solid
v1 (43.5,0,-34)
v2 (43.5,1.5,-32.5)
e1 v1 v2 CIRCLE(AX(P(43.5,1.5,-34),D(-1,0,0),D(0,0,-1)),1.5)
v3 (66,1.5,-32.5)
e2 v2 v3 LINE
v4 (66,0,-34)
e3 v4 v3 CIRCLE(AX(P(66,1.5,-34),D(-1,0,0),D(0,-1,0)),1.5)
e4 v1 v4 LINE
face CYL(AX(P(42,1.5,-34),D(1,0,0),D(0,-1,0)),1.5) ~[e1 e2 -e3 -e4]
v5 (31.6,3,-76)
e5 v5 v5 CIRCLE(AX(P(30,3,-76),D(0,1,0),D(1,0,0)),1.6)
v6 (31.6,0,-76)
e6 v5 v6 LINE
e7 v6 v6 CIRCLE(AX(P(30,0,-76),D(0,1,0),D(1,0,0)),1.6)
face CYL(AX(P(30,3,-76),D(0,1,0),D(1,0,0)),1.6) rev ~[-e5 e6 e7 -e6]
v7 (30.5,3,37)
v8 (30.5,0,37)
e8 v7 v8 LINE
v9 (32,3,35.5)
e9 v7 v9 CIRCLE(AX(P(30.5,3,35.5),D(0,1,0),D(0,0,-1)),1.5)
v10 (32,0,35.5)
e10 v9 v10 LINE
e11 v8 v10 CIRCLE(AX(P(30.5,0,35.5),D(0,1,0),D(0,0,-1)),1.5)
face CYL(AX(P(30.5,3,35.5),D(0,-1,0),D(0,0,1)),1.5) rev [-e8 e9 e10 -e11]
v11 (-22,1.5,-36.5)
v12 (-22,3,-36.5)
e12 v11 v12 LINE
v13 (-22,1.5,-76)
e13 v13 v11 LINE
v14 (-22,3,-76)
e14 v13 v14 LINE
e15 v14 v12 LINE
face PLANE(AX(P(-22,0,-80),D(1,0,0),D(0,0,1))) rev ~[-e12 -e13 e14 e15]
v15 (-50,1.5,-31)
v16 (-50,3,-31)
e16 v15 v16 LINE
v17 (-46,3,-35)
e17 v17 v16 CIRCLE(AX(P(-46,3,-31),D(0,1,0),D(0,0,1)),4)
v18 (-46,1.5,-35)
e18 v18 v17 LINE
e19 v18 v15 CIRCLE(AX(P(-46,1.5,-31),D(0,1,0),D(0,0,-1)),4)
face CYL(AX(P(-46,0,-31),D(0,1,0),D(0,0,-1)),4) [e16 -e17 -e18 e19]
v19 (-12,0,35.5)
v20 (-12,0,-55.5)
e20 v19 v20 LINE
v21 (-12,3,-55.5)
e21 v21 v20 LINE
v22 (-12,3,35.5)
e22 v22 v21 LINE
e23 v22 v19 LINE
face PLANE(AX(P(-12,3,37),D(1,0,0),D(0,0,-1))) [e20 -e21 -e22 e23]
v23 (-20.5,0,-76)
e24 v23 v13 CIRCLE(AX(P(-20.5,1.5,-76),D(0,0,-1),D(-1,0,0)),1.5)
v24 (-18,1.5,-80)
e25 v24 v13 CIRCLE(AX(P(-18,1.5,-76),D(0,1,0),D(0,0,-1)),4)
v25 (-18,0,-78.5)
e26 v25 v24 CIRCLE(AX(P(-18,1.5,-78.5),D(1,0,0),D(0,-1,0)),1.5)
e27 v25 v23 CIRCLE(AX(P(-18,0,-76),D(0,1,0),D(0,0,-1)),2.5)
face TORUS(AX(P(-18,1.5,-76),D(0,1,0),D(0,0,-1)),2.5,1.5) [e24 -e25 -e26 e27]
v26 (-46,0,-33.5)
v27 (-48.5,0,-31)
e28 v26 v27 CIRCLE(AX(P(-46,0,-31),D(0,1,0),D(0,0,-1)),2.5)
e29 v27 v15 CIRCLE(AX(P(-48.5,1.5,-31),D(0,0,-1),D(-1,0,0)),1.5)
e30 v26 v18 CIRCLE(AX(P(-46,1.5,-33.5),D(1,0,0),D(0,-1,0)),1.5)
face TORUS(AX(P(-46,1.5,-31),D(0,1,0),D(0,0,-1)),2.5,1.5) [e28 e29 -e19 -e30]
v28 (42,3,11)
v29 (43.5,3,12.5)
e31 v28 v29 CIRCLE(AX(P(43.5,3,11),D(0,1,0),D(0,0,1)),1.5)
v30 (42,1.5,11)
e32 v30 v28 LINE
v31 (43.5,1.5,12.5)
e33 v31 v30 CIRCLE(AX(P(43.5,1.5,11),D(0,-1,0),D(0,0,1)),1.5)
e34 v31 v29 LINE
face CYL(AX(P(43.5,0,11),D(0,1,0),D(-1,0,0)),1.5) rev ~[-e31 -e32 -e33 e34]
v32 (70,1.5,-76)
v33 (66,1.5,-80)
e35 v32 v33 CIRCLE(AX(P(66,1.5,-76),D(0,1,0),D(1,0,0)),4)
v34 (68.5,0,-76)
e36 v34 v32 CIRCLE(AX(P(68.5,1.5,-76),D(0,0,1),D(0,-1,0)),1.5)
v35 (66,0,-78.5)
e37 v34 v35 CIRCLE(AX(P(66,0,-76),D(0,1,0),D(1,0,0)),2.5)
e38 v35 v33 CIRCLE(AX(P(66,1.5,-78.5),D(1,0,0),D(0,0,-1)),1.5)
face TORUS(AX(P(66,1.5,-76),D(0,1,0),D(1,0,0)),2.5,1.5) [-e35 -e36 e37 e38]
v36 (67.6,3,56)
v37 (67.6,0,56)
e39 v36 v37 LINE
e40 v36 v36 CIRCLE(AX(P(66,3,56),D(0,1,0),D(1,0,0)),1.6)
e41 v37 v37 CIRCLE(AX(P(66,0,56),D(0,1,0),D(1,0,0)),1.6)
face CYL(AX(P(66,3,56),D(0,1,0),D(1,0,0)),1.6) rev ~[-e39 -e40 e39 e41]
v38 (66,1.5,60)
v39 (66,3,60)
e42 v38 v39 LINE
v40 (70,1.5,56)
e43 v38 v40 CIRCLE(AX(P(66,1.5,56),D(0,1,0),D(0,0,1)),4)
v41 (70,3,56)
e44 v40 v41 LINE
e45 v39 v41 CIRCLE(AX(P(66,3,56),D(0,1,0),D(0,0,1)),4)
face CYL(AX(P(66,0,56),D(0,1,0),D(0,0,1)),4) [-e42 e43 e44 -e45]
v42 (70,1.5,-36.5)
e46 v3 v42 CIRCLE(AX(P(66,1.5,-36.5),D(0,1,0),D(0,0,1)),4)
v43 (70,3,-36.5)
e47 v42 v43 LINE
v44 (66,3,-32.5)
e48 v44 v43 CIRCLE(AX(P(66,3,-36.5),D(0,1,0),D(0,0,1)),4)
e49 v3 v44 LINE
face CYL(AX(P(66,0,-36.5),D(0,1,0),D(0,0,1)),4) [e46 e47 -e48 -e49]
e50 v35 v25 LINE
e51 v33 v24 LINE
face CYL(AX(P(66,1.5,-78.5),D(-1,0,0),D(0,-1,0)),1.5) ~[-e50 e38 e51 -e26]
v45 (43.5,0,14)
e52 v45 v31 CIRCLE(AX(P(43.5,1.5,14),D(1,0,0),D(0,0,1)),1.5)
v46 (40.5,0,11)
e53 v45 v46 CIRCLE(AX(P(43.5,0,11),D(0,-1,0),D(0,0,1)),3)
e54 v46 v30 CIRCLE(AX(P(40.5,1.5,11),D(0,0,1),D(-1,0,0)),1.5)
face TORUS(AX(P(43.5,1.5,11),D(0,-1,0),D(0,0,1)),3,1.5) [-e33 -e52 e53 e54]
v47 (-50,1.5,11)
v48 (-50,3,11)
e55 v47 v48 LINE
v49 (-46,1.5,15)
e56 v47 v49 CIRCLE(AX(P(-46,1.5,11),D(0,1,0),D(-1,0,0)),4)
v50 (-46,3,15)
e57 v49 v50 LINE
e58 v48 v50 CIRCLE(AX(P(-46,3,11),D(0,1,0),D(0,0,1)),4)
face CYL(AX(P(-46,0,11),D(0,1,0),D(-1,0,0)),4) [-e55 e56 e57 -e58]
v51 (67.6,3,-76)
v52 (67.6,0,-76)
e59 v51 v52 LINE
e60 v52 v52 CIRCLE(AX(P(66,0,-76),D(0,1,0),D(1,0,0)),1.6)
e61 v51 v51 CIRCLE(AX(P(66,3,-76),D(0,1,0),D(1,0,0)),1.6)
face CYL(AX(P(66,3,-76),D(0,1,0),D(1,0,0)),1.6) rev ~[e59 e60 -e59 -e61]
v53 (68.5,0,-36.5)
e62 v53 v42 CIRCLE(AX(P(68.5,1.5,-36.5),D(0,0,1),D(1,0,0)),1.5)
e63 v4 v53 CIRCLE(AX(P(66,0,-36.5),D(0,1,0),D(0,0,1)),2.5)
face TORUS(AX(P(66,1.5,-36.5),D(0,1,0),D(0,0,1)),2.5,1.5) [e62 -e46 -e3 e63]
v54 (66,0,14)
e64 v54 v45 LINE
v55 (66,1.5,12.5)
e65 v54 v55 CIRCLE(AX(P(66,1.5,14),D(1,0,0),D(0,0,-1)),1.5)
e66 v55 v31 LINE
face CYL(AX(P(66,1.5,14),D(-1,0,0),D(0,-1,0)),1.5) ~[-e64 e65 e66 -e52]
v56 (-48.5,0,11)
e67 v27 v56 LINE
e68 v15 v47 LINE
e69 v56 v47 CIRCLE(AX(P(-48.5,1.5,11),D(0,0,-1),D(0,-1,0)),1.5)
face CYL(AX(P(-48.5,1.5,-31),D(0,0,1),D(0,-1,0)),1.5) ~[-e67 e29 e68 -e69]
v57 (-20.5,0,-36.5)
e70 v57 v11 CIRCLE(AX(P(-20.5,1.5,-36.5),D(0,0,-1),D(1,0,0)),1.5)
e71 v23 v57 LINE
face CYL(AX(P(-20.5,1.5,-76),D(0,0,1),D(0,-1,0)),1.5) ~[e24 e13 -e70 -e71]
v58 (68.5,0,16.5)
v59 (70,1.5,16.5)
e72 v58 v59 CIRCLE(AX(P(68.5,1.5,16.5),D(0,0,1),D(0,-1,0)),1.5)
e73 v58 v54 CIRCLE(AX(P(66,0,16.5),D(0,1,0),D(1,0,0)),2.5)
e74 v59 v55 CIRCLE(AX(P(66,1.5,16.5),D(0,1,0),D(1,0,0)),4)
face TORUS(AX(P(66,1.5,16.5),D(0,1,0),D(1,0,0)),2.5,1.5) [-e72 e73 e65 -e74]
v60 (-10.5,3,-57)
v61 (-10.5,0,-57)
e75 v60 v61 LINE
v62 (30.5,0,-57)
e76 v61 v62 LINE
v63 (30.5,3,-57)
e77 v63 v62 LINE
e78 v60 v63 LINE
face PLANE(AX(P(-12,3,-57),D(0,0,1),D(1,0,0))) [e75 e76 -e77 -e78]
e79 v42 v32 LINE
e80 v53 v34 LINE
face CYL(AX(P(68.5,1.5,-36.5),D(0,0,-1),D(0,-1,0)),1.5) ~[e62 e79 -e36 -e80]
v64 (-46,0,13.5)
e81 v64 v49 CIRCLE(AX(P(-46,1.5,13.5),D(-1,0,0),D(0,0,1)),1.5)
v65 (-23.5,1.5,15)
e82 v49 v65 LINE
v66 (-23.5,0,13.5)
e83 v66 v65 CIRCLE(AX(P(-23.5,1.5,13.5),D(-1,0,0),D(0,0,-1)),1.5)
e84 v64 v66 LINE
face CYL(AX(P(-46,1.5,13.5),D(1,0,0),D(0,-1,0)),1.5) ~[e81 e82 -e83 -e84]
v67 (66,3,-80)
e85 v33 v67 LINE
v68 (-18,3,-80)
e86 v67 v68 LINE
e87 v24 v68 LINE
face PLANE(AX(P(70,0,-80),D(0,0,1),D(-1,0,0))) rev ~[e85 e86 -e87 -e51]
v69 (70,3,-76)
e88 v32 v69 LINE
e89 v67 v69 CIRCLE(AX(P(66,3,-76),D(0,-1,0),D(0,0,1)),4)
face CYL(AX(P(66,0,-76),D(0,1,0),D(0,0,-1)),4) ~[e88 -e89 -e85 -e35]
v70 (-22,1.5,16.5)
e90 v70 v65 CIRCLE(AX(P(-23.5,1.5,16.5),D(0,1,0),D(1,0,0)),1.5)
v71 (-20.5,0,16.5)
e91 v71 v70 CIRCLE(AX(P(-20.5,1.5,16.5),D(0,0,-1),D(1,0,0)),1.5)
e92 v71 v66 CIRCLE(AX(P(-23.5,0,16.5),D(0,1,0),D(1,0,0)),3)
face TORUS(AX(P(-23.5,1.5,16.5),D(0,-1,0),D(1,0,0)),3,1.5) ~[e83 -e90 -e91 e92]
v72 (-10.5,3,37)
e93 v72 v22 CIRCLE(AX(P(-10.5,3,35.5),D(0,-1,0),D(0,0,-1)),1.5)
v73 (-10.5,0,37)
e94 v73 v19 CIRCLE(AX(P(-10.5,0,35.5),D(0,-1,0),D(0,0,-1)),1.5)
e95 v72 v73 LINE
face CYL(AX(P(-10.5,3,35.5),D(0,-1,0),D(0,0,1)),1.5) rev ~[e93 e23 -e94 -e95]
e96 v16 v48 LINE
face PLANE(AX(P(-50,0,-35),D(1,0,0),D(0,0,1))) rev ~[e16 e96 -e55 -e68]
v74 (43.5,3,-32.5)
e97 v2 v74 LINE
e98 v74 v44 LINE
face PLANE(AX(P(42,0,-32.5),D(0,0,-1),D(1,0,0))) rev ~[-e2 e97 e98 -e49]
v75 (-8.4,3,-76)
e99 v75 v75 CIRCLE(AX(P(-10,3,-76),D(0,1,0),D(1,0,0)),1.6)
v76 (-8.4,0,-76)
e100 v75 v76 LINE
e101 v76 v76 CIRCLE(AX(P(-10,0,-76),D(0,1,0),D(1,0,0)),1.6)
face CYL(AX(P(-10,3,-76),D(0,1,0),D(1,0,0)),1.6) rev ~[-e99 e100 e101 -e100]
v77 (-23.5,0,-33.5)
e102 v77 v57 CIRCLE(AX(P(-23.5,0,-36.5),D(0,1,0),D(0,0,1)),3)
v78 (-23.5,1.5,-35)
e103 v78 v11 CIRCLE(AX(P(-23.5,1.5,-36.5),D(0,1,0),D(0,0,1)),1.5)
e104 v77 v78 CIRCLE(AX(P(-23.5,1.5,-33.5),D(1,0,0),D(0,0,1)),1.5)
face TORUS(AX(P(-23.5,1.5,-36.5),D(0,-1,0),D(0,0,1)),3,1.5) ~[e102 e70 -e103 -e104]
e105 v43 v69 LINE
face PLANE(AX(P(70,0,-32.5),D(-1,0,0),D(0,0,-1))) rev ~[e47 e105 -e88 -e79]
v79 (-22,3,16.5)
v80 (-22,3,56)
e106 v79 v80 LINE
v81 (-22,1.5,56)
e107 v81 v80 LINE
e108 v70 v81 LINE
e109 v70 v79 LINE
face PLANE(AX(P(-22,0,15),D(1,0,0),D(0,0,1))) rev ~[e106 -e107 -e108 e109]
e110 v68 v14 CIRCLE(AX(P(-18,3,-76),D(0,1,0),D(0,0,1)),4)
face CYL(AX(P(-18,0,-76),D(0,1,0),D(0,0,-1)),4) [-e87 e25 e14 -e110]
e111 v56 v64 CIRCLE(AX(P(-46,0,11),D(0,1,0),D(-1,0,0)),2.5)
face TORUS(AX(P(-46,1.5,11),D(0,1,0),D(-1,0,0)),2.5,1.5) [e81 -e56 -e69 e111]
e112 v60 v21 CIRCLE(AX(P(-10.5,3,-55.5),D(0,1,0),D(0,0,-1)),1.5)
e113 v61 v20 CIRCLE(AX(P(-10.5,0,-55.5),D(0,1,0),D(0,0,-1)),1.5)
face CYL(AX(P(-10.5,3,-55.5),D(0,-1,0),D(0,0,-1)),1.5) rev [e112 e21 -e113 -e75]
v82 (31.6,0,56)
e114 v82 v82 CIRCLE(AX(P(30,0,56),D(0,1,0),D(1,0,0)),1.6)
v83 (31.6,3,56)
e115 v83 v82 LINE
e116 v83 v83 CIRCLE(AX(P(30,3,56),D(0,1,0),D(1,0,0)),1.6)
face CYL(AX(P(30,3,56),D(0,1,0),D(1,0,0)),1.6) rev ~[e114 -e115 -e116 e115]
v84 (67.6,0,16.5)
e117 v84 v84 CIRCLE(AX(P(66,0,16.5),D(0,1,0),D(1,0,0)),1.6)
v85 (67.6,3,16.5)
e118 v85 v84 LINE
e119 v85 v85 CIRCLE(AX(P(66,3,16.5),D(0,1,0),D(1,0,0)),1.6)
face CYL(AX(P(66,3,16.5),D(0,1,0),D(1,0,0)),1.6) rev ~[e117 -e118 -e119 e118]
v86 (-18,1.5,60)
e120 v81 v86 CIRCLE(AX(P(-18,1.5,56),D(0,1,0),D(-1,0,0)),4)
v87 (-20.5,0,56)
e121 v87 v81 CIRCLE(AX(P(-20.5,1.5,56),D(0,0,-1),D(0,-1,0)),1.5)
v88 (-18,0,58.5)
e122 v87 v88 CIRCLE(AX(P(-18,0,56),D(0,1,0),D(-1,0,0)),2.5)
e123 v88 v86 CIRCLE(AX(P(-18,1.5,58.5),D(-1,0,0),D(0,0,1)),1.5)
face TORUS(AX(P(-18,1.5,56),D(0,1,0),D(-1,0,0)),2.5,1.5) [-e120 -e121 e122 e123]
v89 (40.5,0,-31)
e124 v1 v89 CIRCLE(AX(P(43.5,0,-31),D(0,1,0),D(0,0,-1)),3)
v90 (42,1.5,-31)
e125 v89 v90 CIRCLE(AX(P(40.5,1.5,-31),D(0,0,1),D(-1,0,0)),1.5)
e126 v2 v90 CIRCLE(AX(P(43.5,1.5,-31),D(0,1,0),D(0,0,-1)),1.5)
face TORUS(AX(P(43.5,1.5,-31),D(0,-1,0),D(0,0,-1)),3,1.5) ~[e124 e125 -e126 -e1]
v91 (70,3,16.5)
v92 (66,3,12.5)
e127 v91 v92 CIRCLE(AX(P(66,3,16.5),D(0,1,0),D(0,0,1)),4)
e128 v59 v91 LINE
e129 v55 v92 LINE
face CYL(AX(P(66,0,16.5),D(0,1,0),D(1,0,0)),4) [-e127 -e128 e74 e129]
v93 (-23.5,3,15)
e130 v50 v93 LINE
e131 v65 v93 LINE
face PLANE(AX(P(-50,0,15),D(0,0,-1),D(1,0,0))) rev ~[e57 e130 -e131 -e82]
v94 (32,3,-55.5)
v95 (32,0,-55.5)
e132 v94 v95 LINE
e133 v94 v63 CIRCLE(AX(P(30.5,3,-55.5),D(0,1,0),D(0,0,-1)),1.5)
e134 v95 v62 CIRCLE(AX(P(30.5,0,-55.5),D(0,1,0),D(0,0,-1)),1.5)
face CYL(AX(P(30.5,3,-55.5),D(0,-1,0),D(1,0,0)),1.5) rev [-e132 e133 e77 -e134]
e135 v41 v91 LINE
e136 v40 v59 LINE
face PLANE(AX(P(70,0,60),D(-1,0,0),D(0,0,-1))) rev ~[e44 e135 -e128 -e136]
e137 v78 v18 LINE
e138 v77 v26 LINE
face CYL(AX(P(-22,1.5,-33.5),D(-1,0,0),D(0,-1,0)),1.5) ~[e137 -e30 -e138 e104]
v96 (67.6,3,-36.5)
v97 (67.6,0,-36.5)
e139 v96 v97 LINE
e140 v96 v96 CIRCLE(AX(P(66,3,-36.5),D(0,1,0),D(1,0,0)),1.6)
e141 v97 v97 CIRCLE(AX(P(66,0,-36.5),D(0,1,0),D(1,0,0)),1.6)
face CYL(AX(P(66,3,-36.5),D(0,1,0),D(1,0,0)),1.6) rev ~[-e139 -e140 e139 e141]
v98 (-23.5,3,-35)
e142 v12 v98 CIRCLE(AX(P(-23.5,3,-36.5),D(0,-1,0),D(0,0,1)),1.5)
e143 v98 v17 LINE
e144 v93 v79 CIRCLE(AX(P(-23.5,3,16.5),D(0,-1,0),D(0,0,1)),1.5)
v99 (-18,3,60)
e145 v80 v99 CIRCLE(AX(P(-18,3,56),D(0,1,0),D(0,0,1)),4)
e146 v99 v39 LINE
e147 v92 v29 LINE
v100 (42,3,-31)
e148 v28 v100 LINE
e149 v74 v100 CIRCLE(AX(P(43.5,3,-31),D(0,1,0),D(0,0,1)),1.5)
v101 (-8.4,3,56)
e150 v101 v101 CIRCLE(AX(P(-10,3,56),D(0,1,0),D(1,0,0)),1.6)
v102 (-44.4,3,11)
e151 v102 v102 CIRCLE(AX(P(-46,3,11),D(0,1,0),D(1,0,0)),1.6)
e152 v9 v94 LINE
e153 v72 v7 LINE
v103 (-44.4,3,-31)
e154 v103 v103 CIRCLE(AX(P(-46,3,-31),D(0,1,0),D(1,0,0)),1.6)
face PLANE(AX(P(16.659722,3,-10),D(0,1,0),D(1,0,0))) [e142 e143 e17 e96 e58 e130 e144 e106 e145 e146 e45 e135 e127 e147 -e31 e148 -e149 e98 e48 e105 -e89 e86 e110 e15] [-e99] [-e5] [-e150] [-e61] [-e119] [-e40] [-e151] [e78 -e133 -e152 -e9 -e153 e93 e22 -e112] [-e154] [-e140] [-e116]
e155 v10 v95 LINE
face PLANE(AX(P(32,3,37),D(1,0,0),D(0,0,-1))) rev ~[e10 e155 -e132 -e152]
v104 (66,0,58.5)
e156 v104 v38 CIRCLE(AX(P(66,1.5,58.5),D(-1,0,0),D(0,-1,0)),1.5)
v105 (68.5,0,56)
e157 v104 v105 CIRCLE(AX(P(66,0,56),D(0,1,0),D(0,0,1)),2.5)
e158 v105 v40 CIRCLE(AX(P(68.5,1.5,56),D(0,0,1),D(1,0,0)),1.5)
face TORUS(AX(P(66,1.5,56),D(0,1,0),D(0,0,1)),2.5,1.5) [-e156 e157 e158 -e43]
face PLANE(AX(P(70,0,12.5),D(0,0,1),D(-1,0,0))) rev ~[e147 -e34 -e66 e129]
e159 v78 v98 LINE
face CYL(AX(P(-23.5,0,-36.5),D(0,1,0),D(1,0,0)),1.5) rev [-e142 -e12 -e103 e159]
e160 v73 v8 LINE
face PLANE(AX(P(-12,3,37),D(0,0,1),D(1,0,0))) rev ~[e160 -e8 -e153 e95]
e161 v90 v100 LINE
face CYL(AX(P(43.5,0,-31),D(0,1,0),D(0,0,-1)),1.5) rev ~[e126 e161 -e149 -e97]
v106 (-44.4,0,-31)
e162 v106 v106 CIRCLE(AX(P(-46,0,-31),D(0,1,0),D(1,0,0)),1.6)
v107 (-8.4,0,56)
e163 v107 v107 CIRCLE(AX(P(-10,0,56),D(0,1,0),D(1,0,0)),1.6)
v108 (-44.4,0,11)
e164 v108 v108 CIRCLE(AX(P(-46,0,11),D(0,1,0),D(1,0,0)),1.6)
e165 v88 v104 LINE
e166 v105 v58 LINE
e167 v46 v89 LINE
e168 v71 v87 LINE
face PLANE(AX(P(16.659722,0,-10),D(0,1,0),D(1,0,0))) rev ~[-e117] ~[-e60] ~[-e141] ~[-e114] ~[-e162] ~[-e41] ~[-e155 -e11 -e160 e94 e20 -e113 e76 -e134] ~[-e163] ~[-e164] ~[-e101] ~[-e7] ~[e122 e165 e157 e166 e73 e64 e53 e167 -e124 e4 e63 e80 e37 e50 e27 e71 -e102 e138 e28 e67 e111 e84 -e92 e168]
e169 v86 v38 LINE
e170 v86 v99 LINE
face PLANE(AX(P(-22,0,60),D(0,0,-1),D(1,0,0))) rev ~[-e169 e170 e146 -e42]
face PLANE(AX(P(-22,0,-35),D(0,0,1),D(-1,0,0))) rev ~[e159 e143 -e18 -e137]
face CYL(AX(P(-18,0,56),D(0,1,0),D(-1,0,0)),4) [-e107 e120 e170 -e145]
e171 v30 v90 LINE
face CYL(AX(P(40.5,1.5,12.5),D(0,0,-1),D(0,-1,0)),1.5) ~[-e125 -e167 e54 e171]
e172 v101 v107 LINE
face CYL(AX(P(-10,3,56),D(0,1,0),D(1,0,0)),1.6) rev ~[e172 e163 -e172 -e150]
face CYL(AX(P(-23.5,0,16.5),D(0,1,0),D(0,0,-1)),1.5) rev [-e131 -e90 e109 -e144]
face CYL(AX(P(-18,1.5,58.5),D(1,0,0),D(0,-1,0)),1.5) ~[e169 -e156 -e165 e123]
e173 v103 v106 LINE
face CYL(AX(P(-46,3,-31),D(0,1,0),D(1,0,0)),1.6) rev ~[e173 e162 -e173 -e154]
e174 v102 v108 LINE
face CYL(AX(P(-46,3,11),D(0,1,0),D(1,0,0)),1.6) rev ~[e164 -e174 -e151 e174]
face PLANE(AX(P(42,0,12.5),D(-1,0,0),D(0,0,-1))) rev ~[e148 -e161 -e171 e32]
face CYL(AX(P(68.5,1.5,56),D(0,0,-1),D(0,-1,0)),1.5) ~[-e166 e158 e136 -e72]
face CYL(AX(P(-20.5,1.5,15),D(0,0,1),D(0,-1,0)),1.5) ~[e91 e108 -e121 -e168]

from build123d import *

# Parameters (mm, degrees)
BOSS_EXTRUDE1_DEPTH     = 3
FILLET2_R               = 4
SKETCH7_R               = 1.6
CUT_EXTRUDE2_DEPTH      = 1
CUT_EXTRUDE2_DEPTH_BACK = 4
SKETCH4_W               = 44
SKETCH4_H               = 94
CUT_EXTRUDE3_DEPTH      = 10
FILLET3_R               = 1.5


with BuildPart() as part:
    # Sketch3 → Boss-Extrude1 (new body)
    with BuildSketch(Plane(origin=(0, 0, 0), x_dir=(1, 0, 0), z_dir=(0, 1, 0))):
        Polygon((70, 80), (-22, 80), (-22, 35), (-50, 35), (-50, -15), (-22, -15), (-22, -60), (70, -60), (70, -12.5), (42, -12.5), (42, 32.5), (70, 32.5), align=None)
    extrude(amount=BOSS_EXTRUDE1_DEPTH)

    # Fillet2
    fillet2_edges = [part.edges().sort_by_distance(p)[0] for p in [
        (70, 1.5, 12.5),
        (70, 1.5, 60),
        (-22, 1.5, 60),
        (-50, 1.5, 15),
        (-50, 1.5, -35),
        (-22, 1.5, -80),
        (70, 1.5, -80),
        (70, 1.5, -32.5),
    ]]
    fillet(fillet2_edges, radius=FILLET2_R)

    # Sketch7 → Cut-Extrude2 (cut, two sides)
    with BuildSketch(Plane(origin=(0, 3, 0), x_dir=(1, 0, 0), z_dir=(0, 1, 0))) as cut_extrude2_sk:
        with Locations((-46, 31)):
            Circle(SKETCH7_R)
        with Locations((-46, -11)):
            Circle(SKETCH7_R)
        with Locations((66, -56)):
            Circle(SKETCH7_R)
        with Locations((66, 76)):
            Circle(SKETCH7_R)
        with Locations((-10, 76)):
            Circle(SKETCH7_R)
        with Locations((-10, -56)):
            Circle(SKETCH7_R)
        with Locations((30, -56)):
            Circle(SKETCH7_R)
        with Locations((30, 76)):
            Circle(SKETCH7_R)
        with Locations((66, -16.5)):
            Circle(SKETCH7_R)
        with Locations((66, 36.5)):
            Circle(SKETCH7_R)
    extrude(amount=CUT_EXTRUDE2_DEPTH, mode=Mode.SUBTRACT)
    extrude(cut_extrude2_sk.sketch, amount=-CUT_EXTRUDE2_DEPTH_BACK, mode=Mode.SUBTRACT)

    # Sketch4 → Cut-Extrude3 (cut)
    with BuildSketch(Plane(origin=(0, 3, 0), x_dir=(1, 0, 0), z_dir=(0, 1, 0))):
        with Locations((10, 10)):
            Rectangle(SKETCH4_W, SKETCH4_H)
    extrude(amount=-CUT_EXTRUDE3_DEPTH, mode=Mode.SUBTRACT)

    # Fillet3
    fillet3_edges = [part.edges().sort_by_distance(p)[0] for p in [
        (32, 1.5, -57),
        (32, 1.5, 37),
        (-12, 1.5, 37),
        (-12, 1.5, -57),
        (-22, 0, 35.5),
        (-34, 0, -35),
        (54, 0, -32.5),
        (42, 0, -10),
        (42, 1.5, 12.5),
        (-22, 1.5, 15),
        (-22, 1.5, -35),
        (42, 1.5, -32.5),
        (-22, 0, -55.5),
        (54, 0, 12.5),
        (70, 0, 36.25),
        (24, 0, 60),
        (-34, 0, 15),
        (-50, 0, -10),
        (24, 0, -80),
        (70, 0, -56.25),
        (68.828427125, 0, 58.828427125),
        (68.828427125, 0, 13.671572875),
        (-20.828427125, 0, 58.828427125),
        (-48.828427125, 0, 13.828427125),
        (-48.828427125, 0, -33.828427125),
        (68.828427125, 0, -78.828427125),
        (68.828427125, 0, -33.671572875),
        (-20.828427125, 0, -78.828427125),
    ]]
    fillet(fillet3_edges, radius=FILLET3_R)


solid = part.part
